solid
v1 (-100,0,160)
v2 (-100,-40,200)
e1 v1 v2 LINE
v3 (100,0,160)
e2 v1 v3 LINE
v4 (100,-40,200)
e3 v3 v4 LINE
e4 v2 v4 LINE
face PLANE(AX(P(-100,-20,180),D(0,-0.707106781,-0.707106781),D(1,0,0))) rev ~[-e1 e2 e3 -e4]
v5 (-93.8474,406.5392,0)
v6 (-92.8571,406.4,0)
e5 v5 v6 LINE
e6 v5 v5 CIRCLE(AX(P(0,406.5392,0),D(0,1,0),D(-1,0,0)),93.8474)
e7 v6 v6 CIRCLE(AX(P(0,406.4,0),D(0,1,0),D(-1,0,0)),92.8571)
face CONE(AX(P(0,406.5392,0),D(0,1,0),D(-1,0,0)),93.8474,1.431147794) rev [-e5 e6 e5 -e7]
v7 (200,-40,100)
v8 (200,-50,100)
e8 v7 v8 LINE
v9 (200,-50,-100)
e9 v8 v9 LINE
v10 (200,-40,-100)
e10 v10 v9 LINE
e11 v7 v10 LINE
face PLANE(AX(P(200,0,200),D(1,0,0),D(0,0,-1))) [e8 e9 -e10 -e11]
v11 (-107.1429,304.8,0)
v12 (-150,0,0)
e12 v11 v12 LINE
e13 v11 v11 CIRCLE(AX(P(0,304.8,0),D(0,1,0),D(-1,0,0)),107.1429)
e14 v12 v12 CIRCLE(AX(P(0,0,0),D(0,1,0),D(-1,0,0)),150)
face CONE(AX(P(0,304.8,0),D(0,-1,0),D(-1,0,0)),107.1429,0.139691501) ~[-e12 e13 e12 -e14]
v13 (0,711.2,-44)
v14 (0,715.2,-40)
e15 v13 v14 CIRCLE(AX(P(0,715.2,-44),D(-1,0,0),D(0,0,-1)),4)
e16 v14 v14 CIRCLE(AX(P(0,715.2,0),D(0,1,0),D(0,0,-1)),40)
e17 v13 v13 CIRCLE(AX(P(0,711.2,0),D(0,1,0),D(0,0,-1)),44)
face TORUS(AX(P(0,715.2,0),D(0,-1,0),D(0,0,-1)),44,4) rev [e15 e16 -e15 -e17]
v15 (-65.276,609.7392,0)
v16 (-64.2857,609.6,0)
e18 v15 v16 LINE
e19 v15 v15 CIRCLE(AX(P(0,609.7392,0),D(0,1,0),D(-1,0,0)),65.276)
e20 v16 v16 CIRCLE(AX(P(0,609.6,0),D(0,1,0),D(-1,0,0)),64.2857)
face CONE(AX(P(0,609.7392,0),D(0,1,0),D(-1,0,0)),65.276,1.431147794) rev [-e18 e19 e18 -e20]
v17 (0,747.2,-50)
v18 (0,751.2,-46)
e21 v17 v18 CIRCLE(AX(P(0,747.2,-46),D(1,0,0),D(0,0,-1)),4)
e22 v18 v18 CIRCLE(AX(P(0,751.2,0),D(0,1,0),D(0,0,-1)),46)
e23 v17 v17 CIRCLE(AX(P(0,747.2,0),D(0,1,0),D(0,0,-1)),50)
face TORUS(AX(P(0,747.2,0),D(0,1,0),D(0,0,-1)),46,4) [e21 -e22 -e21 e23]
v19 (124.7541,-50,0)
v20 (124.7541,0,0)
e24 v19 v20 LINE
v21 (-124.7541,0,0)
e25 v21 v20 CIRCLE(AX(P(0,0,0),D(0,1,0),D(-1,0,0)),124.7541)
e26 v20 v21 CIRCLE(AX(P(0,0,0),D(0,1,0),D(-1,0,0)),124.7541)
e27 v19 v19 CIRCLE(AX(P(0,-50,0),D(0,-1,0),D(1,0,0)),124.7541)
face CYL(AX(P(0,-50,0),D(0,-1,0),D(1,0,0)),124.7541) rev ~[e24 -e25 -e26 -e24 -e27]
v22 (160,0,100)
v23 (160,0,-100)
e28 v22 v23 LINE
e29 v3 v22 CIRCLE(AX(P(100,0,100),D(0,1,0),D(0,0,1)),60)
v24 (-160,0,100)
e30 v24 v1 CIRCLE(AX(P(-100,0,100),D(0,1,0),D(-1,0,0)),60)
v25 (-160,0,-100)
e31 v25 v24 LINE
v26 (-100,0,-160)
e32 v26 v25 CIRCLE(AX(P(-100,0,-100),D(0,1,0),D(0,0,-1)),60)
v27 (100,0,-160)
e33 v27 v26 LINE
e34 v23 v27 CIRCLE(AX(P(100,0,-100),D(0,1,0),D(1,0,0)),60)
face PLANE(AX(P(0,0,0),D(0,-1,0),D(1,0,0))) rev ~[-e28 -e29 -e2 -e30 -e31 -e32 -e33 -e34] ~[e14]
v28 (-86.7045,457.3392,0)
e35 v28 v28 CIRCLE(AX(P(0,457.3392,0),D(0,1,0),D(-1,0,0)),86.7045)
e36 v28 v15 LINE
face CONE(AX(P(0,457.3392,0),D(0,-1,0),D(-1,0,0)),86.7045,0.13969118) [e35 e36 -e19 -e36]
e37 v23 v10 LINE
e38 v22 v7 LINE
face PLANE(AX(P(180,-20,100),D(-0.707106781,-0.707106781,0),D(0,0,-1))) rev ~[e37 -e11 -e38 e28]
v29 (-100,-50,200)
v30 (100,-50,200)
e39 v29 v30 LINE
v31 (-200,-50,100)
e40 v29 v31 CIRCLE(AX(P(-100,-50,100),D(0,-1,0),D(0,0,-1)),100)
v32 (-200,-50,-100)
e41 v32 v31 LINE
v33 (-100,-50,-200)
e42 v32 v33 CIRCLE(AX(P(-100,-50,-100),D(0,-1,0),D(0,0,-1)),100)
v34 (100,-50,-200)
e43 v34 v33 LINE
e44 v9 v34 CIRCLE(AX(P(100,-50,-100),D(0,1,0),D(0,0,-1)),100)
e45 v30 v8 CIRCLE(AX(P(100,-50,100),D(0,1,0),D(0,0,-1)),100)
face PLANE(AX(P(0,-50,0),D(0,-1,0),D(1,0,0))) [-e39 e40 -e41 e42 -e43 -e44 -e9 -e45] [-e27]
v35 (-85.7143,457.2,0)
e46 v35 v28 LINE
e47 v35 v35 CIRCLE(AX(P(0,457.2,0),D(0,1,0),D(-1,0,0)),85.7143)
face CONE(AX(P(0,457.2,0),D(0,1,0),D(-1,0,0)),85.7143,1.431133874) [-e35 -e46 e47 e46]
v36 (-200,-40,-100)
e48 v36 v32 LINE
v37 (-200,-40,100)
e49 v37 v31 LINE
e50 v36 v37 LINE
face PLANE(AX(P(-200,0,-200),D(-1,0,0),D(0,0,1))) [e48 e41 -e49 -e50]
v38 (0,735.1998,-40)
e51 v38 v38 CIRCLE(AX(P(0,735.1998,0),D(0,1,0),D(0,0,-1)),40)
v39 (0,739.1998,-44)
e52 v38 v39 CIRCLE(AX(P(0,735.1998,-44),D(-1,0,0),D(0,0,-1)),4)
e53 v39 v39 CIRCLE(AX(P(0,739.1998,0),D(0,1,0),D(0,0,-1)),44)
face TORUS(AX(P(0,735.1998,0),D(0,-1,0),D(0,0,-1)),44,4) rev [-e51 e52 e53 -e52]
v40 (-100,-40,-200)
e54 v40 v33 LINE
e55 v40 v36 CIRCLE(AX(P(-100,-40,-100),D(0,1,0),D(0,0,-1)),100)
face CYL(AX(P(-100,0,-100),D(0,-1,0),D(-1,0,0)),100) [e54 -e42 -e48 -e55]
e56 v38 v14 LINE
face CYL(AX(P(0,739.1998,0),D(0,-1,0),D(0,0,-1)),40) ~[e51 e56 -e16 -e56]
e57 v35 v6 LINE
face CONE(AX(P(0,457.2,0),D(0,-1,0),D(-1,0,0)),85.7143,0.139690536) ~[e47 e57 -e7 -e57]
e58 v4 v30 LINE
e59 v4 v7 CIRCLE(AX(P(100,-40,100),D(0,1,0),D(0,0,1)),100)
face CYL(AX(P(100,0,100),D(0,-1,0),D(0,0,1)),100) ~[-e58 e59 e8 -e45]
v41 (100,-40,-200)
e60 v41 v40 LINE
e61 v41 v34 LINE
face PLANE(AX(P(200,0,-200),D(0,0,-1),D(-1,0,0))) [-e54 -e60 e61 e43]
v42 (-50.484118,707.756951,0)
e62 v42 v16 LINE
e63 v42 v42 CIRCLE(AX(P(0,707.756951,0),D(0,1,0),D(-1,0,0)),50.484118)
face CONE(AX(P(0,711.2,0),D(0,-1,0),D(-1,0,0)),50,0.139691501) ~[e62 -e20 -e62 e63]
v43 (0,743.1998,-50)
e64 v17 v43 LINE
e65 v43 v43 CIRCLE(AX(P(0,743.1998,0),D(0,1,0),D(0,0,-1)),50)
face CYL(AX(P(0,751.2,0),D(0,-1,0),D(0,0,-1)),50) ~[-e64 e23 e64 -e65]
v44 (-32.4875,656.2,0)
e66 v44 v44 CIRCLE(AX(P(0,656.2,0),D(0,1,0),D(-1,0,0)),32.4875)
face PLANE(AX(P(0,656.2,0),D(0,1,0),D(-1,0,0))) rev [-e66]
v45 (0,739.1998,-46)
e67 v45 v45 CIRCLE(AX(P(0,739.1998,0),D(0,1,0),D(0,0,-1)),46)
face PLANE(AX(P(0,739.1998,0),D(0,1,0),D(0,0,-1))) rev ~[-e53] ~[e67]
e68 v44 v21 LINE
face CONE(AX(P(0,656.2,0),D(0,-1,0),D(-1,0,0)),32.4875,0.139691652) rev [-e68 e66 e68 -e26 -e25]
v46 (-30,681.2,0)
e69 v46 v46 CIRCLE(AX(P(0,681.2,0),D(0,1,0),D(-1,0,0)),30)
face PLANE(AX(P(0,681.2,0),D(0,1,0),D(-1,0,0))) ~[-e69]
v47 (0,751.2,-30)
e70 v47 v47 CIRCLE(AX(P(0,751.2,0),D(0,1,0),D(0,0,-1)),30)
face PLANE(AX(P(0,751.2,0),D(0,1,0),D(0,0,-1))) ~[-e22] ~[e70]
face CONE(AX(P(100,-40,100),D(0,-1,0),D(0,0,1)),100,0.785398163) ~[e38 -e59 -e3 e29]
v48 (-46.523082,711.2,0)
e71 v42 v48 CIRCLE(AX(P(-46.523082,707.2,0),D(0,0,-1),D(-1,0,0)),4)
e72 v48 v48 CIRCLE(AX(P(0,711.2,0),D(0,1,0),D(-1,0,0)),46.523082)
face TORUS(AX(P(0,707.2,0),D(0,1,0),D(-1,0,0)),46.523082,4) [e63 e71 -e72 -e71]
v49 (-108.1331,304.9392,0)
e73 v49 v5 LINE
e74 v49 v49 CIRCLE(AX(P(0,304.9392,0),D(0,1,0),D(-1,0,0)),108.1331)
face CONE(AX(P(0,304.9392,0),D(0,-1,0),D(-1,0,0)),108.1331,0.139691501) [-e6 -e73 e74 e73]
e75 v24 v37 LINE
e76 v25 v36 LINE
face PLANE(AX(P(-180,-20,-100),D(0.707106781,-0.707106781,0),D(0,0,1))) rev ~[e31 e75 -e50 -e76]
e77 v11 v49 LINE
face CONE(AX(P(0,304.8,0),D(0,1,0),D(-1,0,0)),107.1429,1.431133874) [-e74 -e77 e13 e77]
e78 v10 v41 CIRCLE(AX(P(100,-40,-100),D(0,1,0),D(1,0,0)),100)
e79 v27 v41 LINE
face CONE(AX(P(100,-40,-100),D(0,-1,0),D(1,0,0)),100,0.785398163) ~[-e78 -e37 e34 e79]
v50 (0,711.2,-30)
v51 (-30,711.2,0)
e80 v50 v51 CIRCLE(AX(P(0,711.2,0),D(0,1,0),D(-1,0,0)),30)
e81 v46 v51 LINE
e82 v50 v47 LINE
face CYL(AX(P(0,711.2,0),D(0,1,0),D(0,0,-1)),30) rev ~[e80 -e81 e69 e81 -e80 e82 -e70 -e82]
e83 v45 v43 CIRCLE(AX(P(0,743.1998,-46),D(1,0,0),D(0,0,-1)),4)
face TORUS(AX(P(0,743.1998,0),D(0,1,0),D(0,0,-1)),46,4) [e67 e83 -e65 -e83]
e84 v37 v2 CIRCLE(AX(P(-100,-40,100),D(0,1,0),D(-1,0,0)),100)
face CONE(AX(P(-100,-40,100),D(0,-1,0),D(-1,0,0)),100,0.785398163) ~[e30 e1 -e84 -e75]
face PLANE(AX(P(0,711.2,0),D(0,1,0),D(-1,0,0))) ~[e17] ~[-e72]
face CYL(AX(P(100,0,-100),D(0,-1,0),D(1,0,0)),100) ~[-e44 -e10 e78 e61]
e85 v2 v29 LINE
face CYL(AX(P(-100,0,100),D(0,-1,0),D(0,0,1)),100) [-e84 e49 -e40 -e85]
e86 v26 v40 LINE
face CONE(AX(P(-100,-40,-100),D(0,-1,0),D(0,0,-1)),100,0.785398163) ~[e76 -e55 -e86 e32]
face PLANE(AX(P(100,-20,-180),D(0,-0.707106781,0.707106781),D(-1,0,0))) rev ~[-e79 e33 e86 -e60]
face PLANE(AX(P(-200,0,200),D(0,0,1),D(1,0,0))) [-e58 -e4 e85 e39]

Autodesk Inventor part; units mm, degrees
ref_plane "YZ Plane" through (0, 0, 0) normal (1, 0, 0) x (0, 1, 0)
ref_plane "XZ Plane" through (0, 0, 0) normal (0, 1, 0) x (-1, 0, 0)
ref_plane "XY Plane" through (0, 0, 0) normal (0, 0, 1) x (1, 0, 0)
sketch "Sketch2" plane through (0, 0, 0) normal (0, 0, 1) x (1, 0, 0)
  line L0 (0, 0) -> (0, 711.2) construction
  line L1 (0, 681.2) -> (-30, 681.2)
  line L2 (-30, 681.2) -> (-30, 711.2)
  line L3 (-30, 711.2) -> (-50, 711.2)
  line L4 (-50, 711.2) -> (-64.2857, 609.6)
  line L5 (-64.2857, 609.6) -> (-85.7143, 457.2) construction
  line L6 (-85.7143, 457.2) -> (-92.8571, 406.4)
  line L7 (-92.8571, 406.4) -> (-107.1429, 304.8) construction
  line L8 (-107.1429, 304.8) -> (-150, 0)
  line L9 (-150, 0) -> (0, 0) construction
  line L10 (-107.1429, 304.8) -> (-108.1331, 304.9392)
  line L11 (-108.1331, 304.9392) -> (-93.8474, 406.5392)
  line L12 (-93.8474, 406.5392) -> (-92.8571, 406.4)
  line L13 (-86.7045, 457.3392) -> (-65.276, 609.7392)
  line L14 (-65.276, 609.7392) -> (-64.2857, 609.6)
  line L15 (-85.7143, 457.2) -> (-86.7045, 457.3392)
  line L16 (0, 656.2) -> (-32.4875, 656.2)
  line L17 (-32.4875, 656.2) -> (-124.7541, 0)
  line L18 (-150, 0) -> (-124.7541, 0)
  line L19 (0, 681.2) -> (0, 656.2)
  dimension "d0" = 711.2
  dimension "d1" = 101.6
  dimension "d2" = 152.4
  dimension "d3" = 50.8
  dimension "d4" = 101.6
  dimension "d5" = 711.2
  dimension "d6" = 20
  dimension "d7" = 30
  dimension "d8" = 30
  dimension "d9" = 150
  dimension "d10" = 1
  dimension "d11" = 1
  dimension "d13" = 25
  dimension "d14" = 25
revolve "Revolution1" add sketch "Sketch2" angle 360 about axis through (0, 0, 0) along (0, 1, 0)
sketch "Sketch3" plane through (0, 0, 0) normal (1, 0, 0) x (0, 1, 0)
  line L0 (0, 0) -> (711.2, 0)
  line L1 (711.2, -30) -> (711.2, 30) projected
  line L2 (711.2, -50) -> (711.2, 50) projected
  line L3 (711.2, -30) -> (751.2, -30)
  line L4 (751.2, -30) -> (751.2, -50)
  line L5 (751.2, -50) -> (739.1998, -50)
  line L6 (739.1998, -50) -> (739.1998, -40)
  line L7 (739.1998, -40) -> (711.2, -40)
  line L8 (711.2, -30) -> (711.2, -40)
  dimension "d16" = 711.2
  dimension "d17" = 40
  dimension "d18" = 10
  dimension "d19" = 10
  dimension "d20" = 12.0002
revolve "Revolution2" add sketch "Sketch3" angle 360 about axis through (0, 0, 0) along (0, 1, 0)
fillet "Fillet1" radius 4 5 edges at (50, 711.2, 0) (0, 711.2, 40) (0, 739.1998, 40) (0, 739.1998, 50) (0, 751.2, 50)
sketch "Sketch4" plane through (0, 0, 0) normal (0, -1, 0) x (1, 0, 0)
  line L0 (-200, 200) -> (200, 200)
  line L1 (200, 200) -> (200, -200)
  line L2 (200, -200) -> (-200, -200)
  line L3 (-200, -200) -> (-200, 200)
  line L4 (-200, 200) -> (200, -200) construction
  line L5 (200, 200) -> (-200, -200) construction
  point P0 (0, 0)
  dimension "d23" = 400
  dimension "d24" = 400
extrude "Extrusion1" add sketch "Sketch4" along normal blind 50
sketch "Sketch5" plane through (0, -50, 0) normal (0, -1, 0) x (1, 0, 0)
  circle A0 centre (0, 0) radius 124.7541 projected
extrude "Extrusion2" cut sketch "Sketch5" against normal blind 50
fillet "Fillet2" radius 100 4 edges at (200, -25, -200) (200, -25, 200) (-200, -25, 200) (-200, -25, -200)
chamfer "Chamfer1" distance 40 distance2 40 4 edges at (200, 0, 0) (0, 0, -200) (-200, 0, 0) (0, 0, 200) measured on face at (183.2518, 0, 2.8544)
equation "\"d5\" = d0"
equation "\"d14\" = d13"
equation "\"d23\" = d24"
properties part number "36 inch" material "ABS Plastic"
